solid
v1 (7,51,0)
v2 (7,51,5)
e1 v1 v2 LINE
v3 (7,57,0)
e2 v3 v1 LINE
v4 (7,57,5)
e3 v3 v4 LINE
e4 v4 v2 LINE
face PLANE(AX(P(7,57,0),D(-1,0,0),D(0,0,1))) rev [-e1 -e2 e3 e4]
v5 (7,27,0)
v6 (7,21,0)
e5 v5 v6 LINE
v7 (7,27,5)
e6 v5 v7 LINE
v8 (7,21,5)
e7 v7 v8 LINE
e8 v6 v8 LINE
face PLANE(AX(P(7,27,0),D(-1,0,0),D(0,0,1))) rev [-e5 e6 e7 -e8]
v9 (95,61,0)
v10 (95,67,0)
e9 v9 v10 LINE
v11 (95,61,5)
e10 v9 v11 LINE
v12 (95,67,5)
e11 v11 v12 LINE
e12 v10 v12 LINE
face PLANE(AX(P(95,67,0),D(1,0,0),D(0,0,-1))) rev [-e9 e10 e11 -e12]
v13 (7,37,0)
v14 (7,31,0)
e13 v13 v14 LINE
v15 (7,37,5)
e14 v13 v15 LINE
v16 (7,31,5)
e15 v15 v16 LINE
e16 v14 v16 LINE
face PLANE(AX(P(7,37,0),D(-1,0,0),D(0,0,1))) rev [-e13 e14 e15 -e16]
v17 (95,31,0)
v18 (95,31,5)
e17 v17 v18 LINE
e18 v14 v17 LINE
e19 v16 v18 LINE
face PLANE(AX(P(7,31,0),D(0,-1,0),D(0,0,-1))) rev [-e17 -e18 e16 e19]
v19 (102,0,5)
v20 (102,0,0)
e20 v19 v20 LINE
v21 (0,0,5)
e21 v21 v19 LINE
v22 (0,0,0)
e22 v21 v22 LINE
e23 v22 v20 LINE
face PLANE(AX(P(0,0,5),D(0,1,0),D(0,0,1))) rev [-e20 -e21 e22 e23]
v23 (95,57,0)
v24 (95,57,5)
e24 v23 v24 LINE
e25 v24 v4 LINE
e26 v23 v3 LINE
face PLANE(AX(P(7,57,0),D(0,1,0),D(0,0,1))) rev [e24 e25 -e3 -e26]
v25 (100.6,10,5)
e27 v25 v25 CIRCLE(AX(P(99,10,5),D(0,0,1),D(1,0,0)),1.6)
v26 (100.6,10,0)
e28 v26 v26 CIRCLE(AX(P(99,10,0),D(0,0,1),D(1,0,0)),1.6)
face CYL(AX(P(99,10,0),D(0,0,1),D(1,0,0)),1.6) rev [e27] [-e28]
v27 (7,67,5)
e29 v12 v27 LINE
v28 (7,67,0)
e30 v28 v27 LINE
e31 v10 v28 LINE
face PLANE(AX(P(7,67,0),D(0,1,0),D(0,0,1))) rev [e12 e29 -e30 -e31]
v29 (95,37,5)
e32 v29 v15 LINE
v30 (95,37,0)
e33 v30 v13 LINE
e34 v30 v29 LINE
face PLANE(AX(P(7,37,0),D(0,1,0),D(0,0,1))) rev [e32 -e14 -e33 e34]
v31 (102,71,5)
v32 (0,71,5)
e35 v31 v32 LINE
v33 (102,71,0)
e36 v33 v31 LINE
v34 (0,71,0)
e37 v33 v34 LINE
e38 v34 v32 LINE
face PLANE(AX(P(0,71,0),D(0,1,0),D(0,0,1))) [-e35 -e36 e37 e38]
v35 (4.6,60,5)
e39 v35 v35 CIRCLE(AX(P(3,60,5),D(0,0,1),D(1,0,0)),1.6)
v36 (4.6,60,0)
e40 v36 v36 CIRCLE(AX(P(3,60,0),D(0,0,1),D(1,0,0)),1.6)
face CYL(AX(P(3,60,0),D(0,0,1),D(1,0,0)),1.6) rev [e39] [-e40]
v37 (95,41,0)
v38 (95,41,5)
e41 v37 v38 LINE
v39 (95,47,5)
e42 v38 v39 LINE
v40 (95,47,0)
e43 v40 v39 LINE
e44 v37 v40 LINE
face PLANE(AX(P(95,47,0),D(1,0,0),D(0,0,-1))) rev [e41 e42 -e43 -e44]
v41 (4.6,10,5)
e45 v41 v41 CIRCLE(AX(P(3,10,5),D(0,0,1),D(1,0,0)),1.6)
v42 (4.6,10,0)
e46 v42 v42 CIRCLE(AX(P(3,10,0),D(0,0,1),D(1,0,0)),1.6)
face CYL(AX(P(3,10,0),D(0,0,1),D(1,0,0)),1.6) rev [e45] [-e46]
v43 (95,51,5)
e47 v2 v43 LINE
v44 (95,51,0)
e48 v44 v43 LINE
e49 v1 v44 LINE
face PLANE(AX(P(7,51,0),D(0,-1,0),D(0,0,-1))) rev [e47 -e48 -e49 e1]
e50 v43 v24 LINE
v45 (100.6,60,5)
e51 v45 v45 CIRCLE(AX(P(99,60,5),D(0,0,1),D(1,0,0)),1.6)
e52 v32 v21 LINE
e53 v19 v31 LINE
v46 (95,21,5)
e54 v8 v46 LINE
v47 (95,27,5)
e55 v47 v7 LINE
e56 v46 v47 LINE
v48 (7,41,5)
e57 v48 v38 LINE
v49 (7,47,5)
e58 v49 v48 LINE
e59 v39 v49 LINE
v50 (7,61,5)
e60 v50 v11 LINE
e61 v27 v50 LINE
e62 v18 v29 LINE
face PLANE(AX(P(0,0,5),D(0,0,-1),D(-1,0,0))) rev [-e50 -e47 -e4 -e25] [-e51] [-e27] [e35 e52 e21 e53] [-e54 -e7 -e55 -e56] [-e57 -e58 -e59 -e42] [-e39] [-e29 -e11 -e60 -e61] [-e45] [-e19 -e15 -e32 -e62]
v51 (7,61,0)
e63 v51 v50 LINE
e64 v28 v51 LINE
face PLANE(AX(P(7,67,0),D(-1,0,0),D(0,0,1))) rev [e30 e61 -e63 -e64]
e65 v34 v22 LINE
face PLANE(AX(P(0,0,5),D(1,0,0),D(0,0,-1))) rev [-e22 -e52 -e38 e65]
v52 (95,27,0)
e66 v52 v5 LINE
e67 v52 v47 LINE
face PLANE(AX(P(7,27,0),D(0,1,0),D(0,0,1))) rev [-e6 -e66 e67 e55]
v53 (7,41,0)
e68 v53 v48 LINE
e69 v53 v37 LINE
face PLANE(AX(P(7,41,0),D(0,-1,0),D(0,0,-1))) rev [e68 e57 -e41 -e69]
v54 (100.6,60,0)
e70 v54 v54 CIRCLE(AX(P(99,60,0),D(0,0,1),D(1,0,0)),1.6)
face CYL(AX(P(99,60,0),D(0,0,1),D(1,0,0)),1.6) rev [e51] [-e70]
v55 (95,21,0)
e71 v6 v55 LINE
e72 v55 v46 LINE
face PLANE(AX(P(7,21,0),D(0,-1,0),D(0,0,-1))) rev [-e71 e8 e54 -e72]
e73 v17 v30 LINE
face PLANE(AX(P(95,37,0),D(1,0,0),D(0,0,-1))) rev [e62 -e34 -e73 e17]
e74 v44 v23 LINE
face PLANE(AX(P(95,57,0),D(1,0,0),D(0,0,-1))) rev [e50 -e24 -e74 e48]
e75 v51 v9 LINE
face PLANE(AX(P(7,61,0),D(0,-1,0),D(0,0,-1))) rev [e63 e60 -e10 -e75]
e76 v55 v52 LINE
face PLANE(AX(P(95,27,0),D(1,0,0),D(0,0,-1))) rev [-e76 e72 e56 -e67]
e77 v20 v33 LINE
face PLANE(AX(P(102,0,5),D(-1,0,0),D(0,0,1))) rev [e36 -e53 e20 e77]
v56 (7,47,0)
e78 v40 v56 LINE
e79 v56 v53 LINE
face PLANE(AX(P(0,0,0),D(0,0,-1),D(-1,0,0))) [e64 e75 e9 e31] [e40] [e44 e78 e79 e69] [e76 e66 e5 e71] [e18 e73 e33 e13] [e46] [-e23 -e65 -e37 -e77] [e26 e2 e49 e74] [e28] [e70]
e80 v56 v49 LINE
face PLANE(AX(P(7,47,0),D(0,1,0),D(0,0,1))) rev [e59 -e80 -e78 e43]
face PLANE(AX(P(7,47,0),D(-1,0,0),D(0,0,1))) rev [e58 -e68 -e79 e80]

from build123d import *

# Parameters (mm, degrees)
SKETCH_1_W             = 102
SKETCH_1_H             = 65
EXTRUDE_1_DEPTH        = 5
SKETCH_2_R             = 1.6
CUT_EXTRUDE_1_DEPTH    = 122.053707089
SKETCH_3_W             = 102
SKETCH_3_H             = 6
EXTRUDE_2_DEPTH        = 5
SKETCH_4_W             = 88
SKETCH_4_H             = 6
CUT_EXTRUDE_2_DEPTH    = 125.378454726
PATTERN_LINEAR_1_COUNT = 5
PATTERN_LINEAR_1_PITCH = 10


with BuildPart() as part:
    # 草图1 → 凸台-拉伸1 (new body)
    with BuildSketch(Plane.XY):
        with Locations((51, 32.5)):
            Rectangle(SKETCH_1_W, SKETCH_1_H)
    extrude(amount=EXTRUDE_1_DEPTH)

    # 草图2 → 切除-拉伸1 (cut, through all)
    with BuildSketch(Plane.XY.offset(5)):
        with Locations((3, 60)):
            Circle(SKETCH_2_R)
        with Locations((99, 10)):
            Circle(SKETCH_2_R)
        with Locations((3, 10)):
            Circle(SKETCH_2_R)
        with Locations((99, 60)):
            Circle(SKETCH_2_R)
    extrude(amount=-CUT_EXTRUDE_1_DEPTH, mode=Mode.SUBTRACT)

    # 草图3 → 凸台-拉伸2 (add)
    with BuildSketch(Plane.XY.offset(5)):
        with Locations((51, 68)):
            Rectangle(SKETCH_3_W, SKETCH_3_H)
    extrude(amount=-EXTRUDE_2_DEPTH)

    # 草图4 → 切除-拉伸2 (cut, through all)
    with BuildSketch(Plane.XY.offset(5)):
        with Locations((51, 64)):
            Rectangle(SKETCH_4_W, SKETCH_4_H)
    cut_extrude_2 = extrude(amount=-CUT_EXTRUDE_2_DEPTH, mode=Mode.SUBTRACT)

    # 阵列(线性)1: 切除-拉伸2 ×5
    with Locations(*[(0, -i * PATTERN_LINEAR_1_PITCH, 0) for i in range(1, PATTERN_LINEAR_1_COUNT)]):
        add(cut_extrude_2, mode=Mode.SUBTRACT)


solid = part.part
